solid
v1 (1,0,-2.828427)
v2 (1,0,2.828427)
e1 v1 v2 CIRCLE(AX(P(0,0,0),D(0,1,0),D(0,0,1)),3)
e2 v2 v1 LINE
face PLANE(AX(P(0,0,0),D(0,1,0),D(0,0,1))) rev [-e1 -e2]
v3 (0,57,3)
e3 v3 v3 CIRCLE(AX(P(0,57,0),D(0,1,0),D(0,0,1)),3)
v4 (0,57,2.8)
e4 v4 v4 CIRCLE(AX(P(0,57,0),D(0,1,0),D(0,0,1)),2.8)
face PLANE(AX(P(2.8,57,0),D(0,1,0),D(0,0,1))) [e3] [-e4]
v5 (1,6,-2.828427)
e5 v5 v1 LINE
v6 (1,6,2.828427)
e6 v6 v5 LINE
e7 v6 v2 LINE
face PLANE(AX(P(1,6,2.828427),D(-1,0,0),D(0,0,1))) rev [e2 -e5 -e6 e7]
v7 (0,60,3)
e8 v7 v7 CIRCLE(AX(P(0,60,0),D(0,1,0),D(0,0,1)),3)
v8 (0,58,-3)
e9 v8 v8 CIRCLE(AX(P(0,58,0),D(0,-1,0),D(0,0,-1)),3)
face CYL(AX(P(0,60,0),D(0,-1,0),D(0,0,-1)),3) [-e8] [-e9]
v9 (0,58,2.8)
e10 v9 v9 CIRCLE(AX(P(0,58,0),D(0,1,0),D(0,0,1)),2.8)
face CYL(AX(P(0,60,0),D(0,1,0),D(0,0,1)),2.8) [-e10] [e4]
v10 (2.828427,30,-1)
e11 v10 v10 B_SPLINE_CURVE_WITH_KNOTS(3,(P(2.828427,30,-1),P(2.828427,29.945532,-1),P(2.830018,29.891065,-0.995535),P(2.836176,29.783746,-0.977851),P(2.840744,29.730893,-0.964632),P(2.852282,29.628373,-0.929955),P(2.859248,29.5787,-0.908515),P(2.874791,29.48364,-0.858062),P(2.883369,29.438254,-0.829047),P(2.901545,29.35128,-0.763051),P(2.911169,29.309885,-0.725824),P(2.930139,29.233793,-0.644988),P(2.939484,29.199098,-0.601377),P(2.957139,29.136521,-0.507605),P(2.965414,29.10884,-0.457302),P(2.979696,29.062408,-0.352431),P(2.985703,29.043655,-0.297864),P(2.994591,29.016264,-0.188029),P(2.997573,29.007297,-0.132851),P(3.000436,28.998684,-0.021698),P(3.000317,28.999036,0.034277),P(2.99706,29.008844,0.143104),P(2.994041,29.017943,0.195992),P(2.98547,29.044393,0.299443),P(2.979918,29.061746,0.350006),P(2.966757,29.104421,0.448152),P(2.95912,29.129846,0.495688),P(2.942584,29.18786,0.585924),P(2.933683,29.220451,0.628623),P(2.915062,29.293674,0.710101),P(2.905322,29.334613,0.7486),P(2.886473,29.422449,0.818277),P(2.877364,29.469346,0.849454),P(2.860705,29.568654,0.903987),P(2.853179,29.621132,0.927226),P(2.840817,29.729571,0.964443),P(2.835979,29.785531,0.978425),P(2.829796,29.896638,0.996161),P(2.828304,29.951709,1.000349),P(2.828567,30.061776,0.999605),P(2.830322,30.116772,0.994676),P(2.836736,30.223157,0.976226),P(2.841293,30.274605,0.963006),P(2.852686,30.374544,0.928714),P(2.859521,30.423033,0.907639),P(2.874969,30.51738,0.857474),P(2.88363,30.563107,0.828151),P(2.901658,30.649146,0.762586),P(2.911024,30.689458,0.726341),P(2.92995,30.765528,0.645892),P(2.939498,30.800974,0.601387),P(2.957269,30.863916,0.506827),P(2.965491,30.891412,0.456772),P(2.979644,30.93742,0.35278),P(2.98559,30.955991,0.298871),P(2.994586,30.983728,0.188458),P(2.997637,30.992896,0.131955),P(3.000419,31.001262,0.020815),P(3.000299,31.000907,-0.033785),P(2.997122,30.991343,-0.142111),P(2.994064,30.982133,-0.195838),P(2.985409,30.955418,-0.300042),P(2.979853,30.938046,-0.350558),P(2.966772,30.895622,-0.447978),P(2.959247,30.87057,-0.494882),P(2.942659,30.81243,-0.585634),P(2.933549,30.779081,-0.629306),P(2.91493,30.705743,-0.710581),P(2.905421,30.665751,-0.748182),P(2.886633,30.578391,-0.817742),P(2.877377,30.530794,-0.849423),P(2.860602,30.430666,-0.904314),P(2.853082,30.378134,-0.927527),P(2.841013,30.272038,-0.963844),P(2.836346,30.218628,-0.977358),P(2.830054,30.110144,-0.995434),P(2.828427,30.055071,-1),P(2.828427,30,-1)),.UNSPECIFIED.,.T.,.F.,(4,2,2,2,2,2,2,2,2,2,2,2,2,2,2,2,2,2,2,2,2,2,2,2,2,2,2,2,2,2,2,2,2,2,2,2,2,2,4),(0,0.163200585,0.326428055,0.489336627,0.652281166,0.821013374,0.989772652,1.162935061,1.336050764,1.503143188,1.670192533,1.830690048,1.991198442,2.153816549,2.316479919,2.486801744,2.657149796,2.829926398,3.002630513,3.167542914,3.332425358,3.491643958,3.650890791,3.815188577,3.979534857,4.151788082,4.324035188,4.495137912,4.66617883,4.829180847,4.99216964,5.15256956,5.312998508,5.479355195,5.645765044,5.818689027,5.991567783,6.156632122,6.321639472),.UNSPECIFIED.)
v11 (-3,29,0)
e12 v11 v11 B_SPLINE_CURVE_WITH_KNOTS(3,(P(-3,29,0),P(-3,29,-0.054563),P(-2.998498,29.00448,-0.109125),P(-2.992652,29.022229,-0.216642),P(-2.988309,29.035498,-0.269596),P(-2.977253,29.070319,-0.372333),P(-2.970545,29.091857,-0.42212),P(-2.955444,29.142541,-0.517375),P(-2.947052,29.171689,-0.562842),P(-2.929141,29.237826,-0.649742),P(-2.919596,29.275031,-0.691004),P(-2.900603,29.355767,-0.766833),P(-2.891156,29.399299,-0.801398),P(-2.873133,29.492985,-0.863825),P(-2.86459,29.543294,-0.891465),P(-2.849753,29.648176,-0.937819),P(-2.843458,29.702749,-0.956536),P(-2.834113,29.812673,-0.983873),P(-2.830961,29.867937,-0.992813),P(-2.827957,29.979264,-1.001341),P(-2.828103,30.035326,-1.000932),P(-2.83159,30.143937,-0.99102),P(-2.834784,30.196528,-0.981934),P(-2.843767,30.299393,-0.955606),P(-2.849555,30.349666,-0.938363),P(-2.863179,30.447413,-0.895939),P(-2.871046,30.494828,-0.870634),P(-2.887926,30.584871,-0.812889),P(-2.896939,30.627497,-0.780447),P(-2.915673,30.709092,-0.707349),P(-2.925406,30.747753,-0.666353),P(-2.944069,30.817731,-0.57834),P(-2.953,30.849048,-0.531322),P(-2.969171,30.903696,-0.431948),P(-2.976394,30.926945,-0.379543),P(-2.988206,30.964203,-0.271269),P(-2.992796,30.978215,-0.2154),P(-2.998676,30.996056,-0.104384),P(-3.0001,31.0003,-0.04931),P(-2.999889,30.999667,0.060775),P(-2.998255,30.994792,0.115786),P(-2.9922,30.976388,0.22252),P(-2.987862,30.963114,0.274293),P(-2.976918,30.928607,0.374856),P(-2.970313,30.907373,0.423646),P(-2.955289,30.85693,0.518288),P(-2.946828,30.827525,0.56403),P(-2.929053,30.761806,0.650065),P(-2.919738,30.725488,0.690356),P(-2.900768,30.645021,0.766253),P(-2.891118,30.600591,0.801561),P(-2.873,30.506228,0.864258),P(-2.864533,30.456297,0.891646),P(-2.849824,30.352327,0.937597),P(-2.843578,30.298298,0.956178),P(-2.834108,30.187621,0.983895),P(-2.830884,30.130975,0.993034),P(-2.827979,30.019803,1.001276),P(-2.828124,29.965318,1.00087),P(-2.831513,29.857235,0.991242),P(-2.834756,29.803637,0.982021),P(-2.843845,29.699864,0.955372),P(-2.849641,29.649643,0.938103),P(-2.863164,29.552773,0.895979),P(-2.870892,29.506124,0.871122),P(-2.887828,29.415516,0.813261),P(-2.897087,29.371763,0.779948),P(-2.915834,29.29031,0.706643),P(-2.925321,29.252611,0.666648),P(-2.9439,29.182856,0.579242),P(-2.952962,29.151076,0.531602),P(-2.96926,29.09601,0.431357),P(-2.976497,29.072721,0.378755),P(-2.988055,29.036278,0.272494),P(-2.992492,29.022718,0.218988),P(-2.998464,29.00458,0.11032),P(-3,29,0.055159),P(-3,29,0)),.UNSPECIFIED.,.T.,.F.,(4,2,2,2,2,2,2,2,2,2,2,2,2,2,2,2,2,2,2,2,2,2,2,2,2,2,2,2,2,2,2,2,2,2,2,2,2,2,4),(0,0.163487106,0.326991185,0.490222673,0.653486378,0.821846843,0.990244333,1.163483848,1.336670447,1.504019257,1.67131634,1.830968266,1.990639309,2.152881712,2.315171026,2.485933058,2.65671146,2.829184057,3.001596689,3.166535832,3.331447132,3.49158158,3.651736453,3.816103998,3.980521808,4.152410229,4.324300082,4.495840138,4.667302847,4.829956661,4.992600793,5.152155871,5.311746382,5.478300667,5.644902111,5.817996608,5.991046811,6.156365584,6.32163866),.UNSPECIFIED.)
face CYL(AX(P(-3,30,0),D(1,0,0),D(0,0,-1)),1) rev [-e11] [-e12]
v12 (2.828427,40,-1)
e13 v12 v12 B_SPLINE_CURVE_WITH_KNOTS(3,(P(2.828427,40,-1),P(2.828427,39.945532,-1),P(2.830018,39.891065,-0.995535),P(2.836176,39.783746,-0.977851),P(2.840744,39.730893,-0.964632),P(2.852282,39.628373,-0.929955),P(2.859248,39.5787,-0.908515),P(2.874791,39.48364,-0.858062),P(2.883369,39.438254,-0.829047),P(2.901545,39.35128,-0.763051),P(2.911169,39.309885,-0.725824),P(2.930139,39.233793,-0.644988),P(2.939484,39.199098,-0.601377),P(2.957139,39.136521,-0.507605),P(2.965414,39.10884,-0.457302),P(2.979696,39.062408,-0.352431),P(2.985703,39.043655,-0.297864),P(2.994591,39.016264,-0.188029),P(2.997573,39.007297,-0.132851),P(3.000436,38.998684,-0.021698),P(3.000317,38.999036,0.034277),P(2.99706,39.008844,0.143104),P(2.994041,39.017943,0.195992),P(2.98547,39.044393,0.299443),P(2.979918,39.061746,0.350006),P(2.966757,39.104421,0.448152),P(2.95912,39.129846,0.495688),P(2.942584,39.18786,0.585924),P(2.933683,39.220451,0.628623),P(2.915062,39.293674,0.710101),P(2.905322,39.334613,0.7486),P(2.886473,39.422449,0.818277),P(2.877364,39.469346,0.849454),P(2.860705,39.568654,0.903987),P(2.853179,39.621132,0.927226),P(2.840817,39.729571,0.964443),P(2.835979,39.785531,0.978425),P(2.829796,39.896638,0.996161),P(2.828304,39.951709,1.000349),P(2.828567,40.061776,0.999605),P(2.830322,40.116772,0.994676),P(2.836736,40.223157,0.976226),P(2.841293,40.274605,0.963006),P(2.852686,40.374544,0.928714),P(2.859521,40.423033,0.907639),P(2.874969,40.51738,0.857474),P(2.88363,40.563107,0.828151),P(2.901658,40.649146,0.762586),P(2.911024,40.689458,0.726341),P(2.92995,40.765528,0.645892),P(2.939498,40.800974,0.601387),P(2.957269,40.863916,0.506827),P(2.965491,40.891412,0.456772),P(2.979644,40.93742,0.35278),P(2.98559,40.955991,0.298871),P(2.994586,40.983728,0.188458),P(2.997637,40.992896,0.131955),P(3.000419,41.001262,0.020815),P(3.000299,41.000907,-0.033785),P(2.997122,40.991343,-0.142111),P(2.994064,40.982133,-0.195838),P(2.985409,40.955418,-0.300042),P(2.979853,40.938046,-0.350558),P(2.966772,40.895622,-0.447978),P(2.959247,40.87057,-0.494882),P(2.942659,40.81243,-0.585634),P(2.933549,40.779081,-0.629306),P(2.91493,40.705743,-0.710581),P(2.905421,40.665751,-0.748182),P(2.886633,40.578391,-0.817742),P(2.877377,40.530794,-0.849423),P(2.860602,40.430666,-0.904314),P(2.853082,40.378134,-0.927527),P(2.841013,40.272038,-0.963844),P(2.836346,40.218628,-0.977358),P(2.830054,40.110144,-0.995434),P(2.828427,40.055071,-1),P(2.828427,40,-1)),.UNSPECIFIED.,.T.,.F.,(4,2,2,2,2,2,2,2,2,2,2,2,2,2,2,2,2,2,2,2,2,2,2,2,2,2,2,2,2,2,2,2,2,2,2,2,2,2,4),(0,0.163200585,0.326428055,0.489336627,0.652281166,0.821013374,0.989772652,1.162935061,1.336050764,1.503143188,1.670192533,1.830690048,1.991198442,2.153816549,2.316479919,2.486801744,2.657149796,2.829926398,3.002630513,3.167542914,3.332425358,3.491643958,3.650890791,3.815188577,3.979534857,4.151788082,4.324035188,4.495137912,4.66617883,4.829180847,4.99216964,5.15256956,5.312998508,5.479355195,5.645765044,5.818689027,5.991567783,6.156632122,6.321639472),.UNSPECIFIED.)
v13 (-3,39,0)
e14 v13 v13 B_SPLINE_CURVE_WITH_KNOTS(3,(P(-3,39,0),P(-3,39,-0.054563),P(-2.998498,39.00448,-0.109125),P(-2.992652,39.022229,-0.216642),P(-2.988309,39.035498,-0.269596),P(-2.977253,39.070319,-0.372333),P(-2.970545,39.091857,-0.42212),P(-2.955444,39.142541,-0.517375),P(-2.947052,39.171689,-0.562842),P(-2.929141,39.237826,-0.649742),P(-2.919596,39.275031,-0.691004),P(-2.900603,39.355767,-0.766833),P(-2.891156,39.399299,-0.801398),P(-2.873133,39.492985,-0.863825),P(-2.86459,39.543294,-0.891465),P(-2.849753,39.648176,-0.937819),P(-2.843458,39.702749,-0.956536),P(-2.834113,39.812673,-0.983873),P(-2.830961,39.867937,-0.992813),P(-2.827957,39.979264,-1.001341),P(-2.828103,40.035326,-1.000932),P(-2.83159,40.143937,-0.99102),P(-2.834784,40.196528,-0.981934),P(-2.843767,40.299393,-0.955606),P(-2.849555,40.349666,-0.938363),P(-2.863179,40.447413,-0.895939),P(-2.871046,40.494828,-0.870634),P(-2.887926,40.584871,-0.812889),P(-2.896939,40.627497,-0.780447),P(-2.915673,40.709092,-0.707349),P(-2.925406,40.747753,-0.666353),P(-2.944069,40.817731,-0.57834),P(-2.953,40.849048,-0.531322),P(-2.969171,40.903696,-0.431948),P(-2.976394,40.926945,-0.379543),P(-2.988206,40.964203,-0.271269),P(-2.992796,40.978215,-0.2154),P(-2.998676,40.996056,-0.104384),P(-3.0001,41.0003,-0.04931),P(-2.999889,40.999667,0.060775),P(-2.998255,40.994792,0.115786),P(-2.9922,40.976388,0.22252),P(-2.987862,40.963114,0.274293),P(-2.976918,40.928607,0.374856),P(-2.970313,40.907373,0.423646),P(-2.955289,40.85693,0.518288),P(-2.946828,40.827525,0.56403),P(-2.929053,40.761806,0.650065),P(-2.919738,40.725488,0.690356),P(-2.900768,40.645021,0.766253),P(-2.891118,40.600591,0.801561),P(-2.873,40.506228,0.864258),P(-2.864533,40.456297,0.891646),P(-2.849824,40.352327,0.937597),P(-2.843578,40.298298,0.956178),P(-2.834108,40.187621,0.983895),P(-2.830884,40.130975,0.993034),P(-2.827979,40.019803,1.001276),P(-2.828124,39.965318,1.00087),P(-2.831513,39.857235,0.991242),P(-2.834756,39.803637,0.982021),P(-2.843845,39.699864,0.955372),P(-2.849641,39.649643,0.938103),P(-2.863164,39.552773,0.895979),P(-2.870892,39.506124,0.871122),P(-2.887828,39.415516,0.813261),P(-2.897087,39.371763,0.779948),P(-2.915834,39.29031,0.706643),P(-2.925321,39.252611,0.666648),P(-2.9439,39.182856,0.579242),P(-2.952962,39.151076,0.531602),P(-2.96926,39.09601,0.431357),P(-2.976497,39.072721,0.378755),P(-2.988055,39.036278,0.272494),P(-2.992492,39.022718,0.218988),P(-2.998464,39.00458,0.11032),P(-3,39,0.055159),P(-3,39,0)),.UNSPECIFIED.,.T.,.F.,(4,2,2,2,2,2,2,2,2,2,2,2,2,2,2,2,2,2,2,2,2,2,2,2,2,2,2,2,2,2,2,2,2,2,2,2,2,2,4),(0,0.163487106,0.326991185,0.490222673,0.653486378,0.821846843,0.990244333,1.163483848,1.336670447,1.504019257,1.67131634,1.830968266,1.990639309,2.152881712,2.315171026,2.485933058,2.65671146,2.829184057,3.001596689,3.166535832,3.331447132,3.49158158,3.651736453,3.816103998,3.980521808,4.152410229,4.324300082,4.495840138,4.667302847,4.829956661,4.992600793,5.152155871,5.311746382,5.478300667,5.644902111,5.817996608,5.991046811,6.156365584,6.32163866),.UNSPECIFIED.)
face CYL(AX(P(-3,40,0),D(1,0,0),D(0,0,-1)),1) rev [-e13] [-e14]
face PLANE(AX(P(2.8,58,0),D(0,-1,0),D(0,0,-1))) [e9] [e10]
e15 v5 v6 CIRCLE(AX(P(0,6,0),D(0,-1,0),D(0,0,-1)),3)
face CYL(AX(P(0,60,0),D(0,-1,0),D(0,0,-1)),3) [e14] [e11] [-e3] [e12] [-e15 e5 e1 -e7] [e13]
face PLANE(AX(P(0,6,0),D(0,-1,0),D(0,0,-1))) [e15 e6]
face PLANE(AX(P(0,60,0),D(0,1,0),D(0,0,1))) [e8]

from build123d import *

# Parameters (mm, degrees)
CROQUIS1_R                 = 3
SALIENTE_EXTRUIR1_DEPTH    = 60
CROQUIS2_W                 = 5.531234996
CROQUIS2_H                 = 1
CORTAR_EXTRUIR1_DEPTH      = 61.149812967
CORTAR_EXTRUIR1_DEPTH_BACK = 61.149812967
CROQUIS3_R                 = 1
CORTAR_EXTRUIR2_DEPTH      = 6


with BuildPart() as part:
    # Croquis1 → Saliente-Extruir1 (new body)
    with BuildSketch(Plane(origin=(0, 0, 0), x_dir=(1, 0, 0), z_dir=(0, 1, 0))):
        with Locations(Location((0, 0, 0), (0, 0, 270))):
            Circle(CROQUIS1_R)
    extrude(amount=SALIENTE_EXTRUIR1_DEPTH)

    # Croquis2 → Cortar-Revolución1 (revolve, cut)
    with BuildSketch(Plane.XY, mode=Mode.PRIVATE) as cortar_revoluci_n1_sk:
        with Locations((5.565617498, 57.5)):
            Rectangle(CROQUIS2_W, CROQUIS2_H)
    revolve(cortar_revoluci_n1_sk.sketch.rotate(Axis((0, 60, 0), (0, -1, 0)), 90), axis=Axis((0, 60, 0), (0, -1, 0)), mode=Mode.SUBTRACT)

    # Croquis3 → Cortar-Extruir1 (cut, two sides: drawn at the far end of the back side and taken through both)
    with BuildSketch(Plane(origin=(0, 0, 0), x_dir=(0, 0, -1), z_dir=(1, 0, 0)).offset(-CORTAR_EXTRUIR1_DEPTH_BACK)):
        with Locations((0, 40)):
            Circle(CROQUIS3_R)
        with Locations((0, 30)):
            Circle(CROQUIS3_R)
    extrude(amount=CORTAR_EXTRUIR1_DEPTH + CORTAR_EXTRUIR1_DEPTH_BACK, mode=Mode.SUBTRACT)

    # Croquis4 → Cortar-Extruir2 (cut)
    with BuildSketch(Plane.XZ):
        with BuildLine():
            Line((1, 2.828427125), (1, -2.828427125))
            ThreePointArc((1, -2.828427125), (3, 0), (1, 2.828427125))
        make_face()
    extrude(amount=-CORTAR_EXTRUIR2_DEPTH, mode=Mode.SUBTRACT)


solid = part.part
